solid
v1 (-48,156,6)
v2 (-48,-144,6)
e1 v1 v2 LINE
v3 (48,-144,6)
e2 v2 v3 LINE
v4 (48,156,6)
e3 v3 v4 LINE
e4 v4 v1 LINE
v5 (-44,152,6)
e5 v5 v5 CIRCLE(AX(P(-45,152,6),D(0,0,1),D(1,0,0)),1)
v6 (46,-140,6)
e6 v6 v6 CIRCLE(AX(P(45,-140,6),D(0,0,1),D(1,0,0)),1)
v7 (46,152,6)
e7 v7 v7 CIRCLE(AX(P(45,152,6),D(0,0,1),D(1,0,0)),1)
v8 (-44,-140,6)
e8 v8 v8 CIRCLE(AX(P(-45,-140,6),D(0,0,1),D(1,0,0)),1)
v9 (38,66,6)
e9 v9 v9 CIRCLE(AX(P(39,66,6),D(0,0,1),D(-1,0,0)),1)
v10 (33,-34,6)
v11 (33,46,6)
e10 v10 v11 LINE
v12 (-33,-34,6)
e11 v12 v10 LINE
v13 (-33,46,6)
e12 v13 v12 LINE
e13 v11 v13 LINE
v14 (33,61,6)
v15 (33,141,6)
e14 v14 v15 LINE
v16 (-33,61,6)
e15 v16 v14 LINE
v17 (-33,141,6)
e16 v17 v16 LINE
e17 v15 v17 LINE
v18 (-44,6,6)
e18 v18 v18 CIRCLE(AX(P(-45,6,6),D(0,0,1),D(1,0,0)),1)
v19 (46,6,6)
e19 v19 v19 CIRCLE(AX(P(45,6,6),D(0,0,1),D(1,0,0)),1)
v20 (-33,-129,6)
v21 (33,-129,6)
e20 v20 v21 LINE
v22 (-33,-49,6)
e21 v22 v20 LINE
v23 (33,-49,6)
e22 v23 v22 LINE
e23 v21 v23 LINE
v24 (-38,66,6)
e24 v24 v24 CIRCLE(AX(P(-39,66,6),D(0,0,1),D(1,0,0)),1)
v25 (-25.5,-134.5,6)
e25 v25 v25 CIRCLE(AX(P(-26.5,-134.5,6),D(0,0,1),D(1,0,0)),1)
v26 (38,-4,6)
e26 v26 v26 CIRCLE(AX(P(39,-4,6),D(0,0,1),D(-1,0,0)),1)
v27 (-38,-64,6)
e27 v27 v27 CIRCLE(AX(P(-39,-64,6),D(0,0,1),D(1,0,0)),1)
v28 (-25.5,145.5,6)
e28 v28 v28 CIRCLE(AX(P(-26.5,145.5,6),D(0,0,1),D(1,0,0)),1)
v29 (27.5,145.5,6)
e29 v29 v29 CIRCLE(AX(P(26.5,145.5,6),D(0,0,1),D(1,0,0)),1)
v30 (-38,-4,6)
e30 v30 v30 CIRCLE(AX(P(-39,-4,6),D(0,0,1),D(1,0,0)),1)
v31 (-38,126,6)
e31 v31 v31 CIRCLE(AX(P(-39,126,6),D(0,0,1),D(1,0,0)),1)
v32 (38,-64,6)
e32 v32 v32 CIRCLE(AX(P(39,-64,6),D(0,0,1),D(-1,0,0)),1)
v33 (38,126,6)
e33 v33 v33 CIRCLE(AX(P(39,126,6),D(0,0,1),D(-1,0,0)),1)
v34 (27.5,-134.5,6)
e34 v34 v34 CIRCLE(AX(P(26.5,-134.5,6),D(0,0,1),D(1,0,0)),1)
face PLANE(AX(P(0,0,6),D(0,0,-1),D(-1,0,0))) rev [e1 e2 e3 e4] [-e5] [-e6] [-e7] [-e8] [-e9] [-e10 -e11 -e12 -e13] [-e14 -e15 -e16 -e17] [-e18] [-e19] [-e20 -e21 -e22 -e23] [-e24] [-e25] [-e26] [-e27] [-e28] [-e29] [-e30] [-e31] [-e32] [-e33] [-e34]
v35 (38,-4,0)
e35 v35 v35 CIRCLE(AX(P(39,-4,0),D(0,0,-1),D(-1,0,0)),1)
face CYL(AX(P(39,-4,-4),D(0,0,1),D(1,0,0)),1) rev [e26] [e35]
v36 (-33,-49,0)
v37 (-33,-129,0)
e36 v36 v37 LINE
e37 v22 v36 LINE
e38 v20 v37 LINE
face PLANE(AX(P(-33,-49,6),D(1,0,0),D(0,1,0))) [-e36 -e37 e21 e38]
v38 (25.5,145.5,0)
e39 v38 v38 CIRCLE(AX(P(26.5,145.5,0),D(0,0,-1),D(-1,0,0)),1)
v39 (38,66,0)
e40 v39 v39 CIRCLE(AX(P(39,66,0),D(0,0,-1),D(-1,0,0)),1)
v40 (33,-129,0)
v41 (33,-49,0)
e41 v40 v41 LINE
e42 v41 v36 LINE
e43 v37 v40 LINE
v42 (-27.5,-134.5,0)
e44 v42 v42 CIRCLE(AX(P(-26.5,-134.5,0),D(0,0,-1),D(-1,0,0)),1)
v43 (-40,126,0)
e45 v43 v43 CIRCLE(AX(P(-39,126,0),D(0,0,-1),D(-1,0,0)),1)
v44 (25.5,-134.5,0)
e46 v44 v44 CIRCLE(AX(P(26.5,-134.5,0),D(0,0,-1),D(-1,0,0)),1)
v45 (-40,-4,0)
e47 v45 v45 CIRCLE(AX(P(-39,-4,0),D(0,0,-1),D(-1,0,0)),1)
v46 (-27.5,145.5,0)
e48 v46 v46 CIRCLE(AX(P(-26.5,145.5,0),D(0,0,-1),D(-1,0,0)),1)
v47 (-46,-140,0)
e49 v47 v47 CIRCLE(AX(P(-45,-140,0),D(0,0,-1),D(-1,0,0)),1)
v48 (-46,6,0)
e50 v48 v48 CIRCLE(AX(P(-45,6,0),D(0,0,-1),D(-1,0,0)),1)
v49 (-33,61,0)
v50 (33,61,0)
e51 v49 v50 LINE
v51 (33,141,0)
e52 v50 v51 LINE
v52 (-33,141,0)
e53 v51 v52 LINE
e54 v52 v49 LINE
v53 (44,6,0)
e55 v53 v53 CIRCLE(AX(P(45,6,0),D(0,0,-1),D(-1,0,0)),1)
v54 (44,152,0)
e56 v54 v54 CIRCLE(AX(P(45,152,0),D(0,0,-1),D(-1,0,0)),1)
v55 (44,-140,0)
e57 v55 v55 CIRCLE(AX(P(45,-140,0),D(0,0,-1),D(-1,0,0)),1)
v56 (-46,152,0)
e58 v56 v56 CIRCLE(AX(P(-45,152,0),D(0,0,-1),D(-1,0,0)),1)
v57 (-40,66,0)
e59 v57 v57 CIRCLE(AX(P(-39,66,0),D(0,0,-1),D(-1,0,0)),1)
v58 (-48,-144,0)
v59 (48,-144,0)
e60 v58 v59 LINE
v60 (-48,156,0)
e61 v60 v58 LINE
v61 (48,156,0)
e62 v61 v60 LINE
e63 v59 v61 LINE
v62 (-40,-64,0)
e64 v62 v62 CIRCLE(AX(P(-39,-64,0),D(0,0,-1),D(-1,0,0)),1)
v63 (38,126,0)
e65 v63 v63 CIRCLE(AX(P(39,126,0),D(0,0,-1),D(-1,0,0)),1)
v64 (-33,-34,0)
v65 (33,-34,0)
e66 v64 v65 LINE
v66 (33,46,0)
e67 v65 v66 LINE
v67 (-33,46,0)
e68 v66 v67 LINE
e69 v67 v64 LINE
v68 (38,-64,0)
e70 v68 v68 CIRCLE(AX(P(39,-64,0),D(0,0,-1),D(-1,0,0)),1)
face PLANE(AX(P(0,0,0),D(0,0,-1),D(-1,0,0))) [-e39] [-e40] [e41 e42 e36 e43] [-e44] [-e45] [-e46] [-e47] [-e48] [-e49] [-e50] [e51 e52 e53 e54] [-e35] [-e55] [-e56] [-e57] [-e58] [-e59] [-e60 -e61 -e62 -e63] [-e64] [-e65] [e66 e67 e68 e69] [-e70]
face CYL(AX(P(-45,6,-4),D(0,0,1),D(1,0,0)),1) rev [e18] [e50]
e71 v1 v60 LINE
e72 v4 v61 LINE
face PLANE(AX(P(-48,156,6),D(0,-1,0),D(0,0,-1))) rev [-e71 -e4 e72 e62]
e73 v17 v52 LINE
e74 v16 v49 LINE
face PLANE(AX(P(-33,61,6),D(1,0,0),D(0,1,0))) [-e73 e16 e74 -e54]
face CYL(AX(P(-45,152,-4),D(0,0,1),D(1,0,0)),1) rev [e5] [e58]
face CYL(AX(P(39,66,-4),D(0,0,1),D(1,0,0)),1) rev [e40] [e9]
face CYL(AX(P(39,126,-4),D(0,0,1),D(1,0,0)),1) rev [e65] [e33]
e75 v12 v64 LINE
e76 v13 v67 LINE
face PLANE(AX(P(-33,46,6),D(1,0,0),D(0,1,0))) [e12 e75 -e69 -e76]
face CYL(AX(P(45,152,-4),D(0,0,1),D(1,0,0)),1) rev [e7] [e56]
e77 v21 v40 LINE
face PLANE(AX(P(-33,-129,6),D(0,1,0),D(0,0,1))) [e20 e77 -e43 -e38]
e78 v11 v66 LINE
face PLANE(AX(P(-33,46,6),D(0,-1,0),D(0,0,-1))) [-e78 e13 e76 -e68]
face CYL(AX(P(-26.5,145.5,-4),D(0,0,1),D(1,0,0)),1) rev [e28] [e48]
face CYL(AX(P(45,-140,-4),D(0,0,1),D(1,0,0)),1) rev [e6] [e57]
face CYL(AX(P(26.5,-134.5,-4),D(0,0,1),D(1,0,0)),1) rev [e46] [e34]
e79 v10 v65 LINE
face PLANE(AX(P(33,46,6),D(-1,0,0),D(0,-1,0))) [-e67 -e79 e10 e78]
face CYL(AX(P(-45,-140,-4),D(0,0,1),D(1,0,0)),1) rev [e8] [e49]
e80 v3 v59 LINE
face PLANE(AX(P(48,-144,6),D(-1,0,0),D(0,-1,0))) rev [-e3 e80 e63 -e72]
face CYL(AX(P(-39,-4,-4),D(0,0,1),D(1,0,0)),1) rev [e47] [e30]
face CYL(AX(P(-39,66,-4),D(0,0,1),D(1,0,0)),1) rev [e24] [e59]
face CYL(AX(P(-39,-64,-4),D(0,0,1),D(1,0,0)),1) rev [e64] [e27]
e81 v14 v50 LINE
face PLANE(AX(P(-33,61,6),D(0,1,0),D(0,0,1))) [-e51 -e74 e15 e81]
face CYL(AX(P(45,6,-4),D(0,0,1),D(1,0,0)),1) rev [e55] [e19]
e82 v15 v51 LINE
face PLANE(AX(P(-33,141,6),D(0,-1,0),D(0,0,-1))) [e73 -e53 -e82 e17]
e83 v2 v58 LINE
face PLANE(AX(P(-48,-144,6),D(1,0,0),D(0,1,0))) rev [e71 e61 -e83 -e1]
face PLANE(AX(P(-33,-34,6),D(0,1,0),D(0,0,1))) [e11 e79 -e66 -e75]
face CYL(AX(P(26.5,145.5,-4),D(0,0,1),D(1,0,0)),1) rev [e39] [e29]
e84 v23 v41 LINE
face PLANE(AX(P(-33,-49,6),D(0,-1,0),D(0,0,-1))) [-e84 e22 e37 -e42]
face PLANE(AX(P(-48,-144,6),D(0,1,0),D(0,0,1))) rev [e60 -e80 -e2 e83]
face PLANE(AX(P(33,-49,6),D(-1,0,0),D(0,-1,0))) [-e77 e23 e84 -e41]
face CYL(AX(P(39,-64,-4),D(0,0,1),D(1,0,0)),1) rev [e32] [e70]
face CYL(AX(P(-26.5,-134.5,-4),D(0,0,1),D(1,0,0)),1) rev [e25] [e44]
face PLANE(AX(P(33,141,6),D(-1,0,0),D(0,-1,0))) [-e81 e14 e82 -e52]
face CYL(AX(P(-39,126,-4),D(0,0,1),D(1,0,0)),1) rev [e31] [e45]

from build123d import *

# Parameters (mm, degrees)
SKETCH1_W           = 96
SKETCH1_H           = 300
SKETCH1_W_2         = 66
SKETCH1_H_2         = 80
BOSS_EXTRUDE1_DEPTH = 6
SKETCH3_R           = 1
CUT_EXTRUDE6_DEPTH  = 10
SKETCH5_R           = 1
CUT_EXTRUDE9_DEPTH  = 10
SKETCH7_R           = 1
CUT_EXTRUDE10_DEPTH = 10


with BuildPart() as part:
    # Sketch1 → Boss-Extrude1 (new body)
    with BuildSketch(Plane.XY):
        with Locations((0, 6)):
            Rectangle(SKETCH1_W, SKETCH1_H)
        with Locations((0, 101)):
            Rectangle(SKETCH1_W_2, SKETCH1_H_2, mode=Mode.SUBTRACT)
        with Locations((0, -89)):
            Rectangle(SKETCH1_W_2, SKETCH1_H_2, mode=Mode.SUBTRACT)
        with Locations((0, 6)):
            Rectangle(SKETCH1_W_2, SKETCH1_H_2, mode=Mode.SUBTRACT)
    extrude(amount=BOSS_EXTRUDE1_DEPTH)

    # Sketch3 → Cut-Extrude6 (cut)
    with BuildSketch(Plane.XY.offset(6)):
        with Locations((-39, 126)):
            Circle(SKETCH3_R)
        with Locations((-39, -4)):
            Circle(SKETCH3_R)
        with Locations((-39, 66)):
            Circle(SKETCH3_R)
        with Locations((-39, -64)):
            Circle(SKETCH3_R)
        with Locations(Location((39, -64, 0), (0, 0, 180))):
            Circle(SKETCH3_R)
        with Locations(Location((39, -4, 0), (0, 0, 180))):
            Circle(SKETCH3_R)
        with Locations(Location((39, 66, 0), (0, 0, 180))):
            Circle(SKETCH3_R)
        with Locations(Location((39, 126, 0), (0, 0, 180))):
            Circle(SKETCH3_R)
    extrude(amount=-CUT_EXTRUDE6_DEPTH, mode=Mode.SUBTRACT)

    # Sketch5 → Cut-Extrude9 (cut)
    with BuildSketch(Plane.XY.offset(6)):
        with Locations((-26.5, -134.5)):
            Circle(SKETCH5_R)
        with Locations((26.5, -134.5)):
            Circle(SKETCH5_R)
        with Locations((-26.5, 145.5)):
            Circle(SKETCH5_R)
        with Locations((26.5, 145.5)):
            Circle(SKETCH5_R)
    extrude(amount=-CUT_EXTRUDE9_DEPTH, mode=Mode.SUBTRACT)

    # Sketch7 → Cut-Extrude10 (cut)
    with BuildSketch(Plane.XY.offset(6)):
        with Locations((45, -140)):
            Circle(SKETCH7_R)
        with Locations((-45, -140)):
            Circle(SKETCH7_R)
        with Locations((45, 152)):
            Circle(SKETCH7_R)
        with Locations((-45, 152)):
            Circle(SKETCH7_R)
        with Locations((45, 6)):
            Circle(SKETCH7_R)
        with Locations((-45, 6)):
            Circle(SKETCH7_R)
    extrude(amount=-CUT_EXTRUDE10_DEPTH, mode=Mode.SUBTRACT)


solid = part.part
